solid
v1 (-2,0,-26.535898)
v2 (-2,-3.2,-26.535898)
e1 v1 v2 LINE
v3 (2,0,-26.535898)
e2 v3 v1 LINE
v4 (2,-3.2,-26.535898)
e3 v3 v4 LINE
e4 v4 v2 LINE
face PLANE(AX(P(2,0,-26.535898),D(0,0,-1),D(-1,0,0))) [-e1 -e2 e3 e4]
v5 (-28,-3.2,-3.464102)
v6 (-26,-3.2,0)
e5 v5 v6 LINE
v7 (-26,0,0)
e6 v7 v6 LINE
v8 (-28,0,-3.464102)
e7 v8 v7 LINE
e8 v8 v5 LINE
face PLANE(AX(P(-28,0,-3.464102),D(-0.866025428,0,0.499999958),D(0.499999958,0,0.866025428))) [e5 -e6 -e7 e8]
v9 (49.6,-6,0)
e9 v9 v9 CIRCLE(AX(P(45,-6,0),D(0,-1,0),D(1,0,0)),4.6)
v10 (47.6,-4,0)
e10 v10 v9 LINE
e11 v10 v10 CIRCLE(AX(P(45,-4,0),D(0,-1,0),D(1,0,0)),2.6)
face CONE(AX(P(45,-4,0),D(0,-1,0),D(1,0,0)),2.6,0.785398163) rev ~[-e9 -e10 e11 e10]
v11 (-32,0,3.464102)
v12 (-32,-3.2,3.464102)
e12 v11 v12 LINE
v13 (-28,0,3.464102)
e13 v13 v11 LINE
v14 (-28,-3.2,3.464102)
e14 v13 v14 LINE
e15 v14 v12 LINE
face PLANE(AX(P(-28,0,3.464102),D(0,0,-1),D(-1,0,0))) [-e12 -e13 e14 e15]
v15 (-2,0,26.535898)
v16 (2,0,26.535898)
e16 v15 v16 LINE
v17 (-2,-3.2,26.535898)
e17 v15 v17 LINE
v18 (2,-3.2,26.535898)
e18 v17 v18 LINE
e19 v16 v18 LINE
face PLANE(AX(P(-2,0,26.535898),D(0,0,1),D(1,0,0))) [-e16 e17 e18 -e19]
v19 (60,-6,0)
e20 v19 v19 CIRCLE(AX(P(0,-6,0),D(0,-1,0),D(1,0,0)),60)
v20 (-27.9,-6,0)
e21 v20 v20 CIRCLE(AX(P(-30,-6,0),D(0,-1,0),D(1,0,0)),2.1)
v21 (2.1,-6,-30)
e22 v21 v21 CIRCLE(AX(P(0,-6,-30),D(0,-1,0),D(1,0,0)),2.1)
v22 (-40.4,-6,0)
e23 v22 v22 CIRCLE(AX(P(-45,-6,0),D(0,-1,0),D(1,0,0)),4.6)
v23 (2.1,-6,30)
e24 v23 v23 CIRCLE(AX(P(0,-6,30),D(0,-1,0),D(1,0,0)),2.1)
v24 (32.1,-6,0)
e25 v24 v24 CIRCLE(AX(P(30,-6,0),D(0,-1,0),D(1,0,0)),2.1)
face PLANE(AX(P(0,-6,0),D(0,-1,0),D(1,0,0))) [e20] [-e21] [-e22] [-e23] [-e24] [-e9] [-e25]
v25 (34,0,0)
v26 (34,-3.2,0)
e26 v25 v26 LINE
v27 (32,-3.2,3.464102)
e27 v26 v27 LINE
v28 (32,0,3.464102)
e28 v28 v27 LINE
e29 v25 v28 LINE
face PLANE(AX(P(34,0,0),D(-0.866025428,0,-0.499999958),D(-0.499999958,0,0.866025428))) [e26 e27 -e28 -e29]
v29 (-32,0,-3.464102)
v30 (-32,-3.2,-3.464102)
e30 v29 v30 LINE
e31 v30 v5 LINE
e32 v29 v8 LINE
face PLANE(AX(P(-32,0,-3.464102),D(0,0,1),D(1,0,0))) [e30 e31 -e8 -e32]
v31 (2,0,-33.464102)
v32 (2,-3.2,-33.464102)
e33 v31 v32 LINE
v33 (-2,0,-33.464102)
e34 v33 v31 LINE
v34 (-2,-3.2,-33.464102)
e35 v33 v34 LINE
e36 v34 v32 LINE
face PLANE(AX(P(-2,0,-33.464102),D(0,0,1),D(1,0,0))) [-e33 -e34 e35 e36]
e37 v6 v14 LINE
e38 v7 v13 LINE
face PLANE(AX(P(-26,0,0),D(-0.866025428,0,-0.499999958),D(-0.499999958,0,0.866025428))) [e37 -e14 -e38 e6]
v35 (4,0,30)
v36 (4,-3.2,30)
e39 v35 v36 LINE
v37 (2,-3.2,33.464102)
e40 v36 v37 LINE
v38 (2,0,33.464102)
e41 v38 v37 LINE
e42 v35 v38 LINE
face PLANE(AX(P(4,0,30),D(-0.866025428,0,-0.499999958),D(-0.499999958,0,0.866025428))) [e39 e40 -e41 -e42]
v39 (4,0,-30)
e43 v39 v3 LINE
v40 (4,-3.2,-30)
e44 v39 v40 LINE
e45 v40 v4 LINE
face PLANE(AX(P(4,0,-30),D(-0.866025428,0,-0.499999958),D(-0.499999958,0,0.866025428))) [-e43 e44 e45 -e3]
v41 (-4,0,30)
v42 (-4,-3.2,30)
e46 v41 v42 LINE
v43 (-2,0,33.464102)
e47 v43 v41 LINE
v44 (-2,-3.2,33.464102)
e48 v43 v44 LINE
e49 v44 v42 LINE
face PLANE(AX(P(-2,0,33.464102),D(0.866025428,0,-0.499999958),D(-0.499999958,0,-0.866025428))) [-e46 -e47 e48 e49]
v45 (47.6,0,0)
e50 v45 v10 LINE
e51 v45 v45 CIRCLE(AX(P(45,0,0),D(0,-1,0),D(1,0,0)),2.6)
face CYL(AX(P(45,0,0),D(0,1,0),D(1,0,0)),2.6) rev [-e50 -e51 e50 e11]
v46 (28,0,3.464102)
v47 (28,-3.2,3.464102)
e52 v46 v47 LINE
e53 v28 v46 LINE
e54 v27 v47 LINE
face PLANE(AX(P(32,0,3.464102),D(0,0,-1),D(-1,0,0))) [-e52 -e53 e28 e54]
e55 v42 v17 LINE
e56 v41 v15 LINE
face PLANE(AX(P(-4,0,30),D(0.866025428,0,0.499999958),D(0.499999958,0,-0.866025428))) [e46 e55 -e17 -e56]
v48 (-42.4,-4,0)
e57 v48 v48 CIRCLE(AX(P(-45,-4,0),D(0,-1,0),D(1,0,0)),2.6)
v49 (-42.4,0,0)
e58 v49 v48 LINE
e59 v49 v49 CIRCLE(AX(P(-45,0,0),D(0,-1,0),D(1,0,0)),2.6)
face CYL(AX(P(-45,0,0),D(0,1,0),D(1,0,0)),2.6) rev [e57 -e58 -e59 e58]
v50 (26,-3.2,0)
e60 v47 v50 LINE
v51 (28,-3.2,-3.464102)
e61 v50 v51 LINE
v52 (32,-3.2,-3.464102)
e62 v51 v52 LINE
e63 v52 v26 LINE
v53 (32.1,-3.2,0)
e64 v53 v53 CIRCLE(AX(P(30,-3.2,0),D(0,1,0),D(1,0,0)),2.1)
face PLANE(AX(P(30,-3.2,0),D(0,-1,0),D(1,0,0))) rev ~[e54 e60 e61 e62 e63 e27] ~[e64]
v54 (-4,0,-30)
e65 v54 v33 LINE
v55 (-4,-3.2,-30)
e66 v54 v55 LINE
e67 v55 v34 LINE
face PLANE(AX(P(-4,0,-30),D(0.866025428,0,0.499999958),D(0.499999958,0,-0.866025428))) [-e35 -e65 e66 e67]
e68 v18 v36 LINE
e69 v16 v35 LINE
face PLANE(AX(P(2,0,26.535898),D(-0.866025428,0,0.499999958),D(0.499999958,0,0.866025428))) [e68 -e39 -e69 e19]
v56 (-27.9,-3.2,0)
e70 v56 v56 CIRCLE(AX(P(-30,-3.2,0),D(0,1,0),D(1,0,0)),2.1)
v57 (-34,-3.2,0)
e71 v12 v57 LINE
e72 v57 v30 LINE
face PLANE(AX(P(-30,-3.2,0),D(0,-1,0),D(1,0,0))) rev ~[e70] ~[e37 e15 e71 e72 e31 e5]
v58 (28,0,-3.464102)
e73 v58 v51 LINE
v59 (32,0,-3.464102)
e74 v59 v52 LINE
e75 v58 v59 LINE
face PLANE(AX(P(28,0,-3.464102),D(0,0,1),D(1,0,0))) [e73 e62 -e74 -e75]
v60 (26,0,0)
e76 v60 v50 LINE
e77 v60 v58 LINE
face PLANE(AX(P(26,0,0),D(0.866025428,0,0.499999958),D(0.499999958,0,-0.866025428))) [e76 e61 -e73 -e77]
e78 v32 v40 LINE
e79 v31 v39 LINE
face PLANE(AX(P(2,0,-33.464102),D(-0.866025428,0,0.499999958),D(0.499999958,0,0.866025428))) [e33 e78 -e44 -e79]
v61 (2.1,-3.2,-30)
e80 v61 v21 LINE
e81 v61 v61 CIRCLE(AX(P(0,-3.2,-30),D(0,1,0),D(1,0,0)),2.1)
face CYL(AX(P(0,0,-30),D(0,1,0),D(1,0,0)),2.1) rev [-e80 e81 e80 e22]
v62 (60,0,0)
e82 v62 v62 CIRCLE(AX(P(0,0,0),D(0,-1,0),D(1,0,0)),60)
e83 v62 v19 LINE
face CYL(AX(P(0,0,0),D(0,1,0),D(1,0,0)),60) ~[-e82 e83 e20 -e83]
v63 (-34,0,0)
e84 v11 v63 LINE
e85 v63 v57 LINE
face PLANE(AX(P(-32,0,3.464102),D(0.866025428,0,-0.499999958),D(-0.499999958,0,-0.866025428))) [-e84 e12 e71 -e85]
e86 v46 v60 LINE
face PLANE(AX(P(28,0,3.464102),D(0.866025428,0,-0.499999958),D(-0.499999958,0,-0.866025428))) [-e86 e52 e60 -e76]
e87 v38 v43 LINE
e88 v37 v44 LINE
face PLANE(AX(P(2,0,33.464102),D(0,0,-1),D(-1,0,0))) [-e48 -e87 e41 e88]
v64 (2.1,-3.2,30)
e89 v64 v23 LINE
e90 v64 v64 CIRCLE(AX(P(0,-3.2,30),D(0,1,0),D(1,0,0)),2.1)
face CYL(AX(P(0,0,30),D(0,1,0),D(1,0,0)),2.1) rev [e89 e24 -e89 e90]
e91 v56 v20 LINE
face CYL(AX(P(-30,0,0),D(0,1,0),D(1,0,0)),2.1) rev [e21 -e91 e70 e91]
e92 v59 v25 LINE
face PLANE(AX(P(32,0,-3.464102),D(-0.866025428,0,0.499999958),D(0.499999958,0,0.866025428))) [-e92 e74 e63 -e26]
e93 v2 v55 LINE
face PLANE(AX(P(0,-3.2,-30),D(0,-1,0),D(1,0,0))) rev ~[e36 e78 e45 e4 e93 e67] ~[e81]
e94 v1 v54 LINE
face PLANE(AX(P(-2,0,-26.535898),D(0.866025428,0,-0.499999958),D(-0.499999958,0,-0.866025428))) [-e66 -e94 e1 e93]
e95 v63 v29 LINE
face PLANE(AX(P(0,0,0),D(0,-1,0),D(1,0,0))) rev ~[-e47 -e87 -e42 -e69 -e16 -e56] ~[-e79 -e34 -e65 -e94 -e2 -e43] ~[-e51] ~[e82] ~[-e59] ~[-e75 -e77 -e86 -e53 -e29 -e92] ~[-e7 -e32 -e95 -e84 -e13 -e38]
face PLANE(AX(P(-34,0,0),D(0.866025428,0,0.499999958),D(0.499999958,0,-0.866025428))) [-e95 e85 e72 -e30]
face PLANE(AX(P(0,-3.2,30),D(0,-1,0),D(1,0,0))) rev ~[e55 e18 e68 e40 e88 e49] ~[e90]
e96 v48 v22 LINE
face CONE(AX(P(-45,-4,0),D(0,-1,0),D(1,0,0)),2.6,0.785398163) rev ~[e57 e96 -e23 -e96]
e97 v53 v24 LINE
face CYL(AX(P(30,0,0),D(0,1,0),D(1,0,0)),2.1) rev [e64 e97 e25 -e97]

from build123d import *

# Parameters (mm, degrees)
SKETCH_R     = 60
SKETCH_R_2   = 2.6
SKETCH_R_3   = 2.1
PAD_DEPTH    = 6
CHAMFER_SIZE = 2
POCKET_DEPTH = 3.2


with BuildPart() as part:
    # Sketch → Pad (new body)
    with BuildSketch(Plane.XZ):
        Circle(SKETCH_R)
        with Locations((-45, 0)):
            Circle(SKETCH_R_2, mode=Mode.SUBTRACT)
        with Locations((45, 0)):
            Circle(SKETCH_R_2, mode=Mode.SUBTRACT)
        with Locations((-30, 0)):
            Circle(SKETCH_R_3, mode=Mode.SUBTRACT)
        with Locations((30, 0)):
            Circle(SKETCH_R_3, mode=Mode.SUBTRACT)
        with Locations((0, 30)):
            Circle(SKETCH_R_3, mode=Mode.SUBTRACT)
        with Locations((0, -30)):
            Circle(SKETCH_R_3, mode=Mode.SUBTRACT)
    extrude(amount=PAD_DEPTH)

    # Chamfer
    chamfer_edges = [part.edges().sort_by_distance(p)[0] for p in [
        (-47.6, -6, 0),
        (42.4, -6, 0),
    ]]
    chamfer(chamfer_edges, length=CHAMFER_SIZE)

    # Sketch001 → Pocket (cut)
    with BuildSketch(Plane.XZ):
        Polygon((2, 33.464102), (-2, 33.464102), (-4, 30), (-2, 26.535898), (2, 26.535898), (4, 30), align=None)
        Polygon((32, 3.464102), (28, 3.464102), (26, 0), (28, -3.464102), (32, -3.464102), (34, 0), align=None)
        Polygon((2, -26.535898), (-2, -26.535898), (-4, -30), (-2, -33.464102), (2, -33.464102), (4, -30), align=None)
        Polygon((-32, 3.464102), (-34, 0), (-32, -3.464102), (-28, -3.464102), (-26, 0), (-28, 3.464102), align=None)
    extrude(amount=POCKET_DEPTH, mode=Mode.SUBTRACT)


solid = part.part
